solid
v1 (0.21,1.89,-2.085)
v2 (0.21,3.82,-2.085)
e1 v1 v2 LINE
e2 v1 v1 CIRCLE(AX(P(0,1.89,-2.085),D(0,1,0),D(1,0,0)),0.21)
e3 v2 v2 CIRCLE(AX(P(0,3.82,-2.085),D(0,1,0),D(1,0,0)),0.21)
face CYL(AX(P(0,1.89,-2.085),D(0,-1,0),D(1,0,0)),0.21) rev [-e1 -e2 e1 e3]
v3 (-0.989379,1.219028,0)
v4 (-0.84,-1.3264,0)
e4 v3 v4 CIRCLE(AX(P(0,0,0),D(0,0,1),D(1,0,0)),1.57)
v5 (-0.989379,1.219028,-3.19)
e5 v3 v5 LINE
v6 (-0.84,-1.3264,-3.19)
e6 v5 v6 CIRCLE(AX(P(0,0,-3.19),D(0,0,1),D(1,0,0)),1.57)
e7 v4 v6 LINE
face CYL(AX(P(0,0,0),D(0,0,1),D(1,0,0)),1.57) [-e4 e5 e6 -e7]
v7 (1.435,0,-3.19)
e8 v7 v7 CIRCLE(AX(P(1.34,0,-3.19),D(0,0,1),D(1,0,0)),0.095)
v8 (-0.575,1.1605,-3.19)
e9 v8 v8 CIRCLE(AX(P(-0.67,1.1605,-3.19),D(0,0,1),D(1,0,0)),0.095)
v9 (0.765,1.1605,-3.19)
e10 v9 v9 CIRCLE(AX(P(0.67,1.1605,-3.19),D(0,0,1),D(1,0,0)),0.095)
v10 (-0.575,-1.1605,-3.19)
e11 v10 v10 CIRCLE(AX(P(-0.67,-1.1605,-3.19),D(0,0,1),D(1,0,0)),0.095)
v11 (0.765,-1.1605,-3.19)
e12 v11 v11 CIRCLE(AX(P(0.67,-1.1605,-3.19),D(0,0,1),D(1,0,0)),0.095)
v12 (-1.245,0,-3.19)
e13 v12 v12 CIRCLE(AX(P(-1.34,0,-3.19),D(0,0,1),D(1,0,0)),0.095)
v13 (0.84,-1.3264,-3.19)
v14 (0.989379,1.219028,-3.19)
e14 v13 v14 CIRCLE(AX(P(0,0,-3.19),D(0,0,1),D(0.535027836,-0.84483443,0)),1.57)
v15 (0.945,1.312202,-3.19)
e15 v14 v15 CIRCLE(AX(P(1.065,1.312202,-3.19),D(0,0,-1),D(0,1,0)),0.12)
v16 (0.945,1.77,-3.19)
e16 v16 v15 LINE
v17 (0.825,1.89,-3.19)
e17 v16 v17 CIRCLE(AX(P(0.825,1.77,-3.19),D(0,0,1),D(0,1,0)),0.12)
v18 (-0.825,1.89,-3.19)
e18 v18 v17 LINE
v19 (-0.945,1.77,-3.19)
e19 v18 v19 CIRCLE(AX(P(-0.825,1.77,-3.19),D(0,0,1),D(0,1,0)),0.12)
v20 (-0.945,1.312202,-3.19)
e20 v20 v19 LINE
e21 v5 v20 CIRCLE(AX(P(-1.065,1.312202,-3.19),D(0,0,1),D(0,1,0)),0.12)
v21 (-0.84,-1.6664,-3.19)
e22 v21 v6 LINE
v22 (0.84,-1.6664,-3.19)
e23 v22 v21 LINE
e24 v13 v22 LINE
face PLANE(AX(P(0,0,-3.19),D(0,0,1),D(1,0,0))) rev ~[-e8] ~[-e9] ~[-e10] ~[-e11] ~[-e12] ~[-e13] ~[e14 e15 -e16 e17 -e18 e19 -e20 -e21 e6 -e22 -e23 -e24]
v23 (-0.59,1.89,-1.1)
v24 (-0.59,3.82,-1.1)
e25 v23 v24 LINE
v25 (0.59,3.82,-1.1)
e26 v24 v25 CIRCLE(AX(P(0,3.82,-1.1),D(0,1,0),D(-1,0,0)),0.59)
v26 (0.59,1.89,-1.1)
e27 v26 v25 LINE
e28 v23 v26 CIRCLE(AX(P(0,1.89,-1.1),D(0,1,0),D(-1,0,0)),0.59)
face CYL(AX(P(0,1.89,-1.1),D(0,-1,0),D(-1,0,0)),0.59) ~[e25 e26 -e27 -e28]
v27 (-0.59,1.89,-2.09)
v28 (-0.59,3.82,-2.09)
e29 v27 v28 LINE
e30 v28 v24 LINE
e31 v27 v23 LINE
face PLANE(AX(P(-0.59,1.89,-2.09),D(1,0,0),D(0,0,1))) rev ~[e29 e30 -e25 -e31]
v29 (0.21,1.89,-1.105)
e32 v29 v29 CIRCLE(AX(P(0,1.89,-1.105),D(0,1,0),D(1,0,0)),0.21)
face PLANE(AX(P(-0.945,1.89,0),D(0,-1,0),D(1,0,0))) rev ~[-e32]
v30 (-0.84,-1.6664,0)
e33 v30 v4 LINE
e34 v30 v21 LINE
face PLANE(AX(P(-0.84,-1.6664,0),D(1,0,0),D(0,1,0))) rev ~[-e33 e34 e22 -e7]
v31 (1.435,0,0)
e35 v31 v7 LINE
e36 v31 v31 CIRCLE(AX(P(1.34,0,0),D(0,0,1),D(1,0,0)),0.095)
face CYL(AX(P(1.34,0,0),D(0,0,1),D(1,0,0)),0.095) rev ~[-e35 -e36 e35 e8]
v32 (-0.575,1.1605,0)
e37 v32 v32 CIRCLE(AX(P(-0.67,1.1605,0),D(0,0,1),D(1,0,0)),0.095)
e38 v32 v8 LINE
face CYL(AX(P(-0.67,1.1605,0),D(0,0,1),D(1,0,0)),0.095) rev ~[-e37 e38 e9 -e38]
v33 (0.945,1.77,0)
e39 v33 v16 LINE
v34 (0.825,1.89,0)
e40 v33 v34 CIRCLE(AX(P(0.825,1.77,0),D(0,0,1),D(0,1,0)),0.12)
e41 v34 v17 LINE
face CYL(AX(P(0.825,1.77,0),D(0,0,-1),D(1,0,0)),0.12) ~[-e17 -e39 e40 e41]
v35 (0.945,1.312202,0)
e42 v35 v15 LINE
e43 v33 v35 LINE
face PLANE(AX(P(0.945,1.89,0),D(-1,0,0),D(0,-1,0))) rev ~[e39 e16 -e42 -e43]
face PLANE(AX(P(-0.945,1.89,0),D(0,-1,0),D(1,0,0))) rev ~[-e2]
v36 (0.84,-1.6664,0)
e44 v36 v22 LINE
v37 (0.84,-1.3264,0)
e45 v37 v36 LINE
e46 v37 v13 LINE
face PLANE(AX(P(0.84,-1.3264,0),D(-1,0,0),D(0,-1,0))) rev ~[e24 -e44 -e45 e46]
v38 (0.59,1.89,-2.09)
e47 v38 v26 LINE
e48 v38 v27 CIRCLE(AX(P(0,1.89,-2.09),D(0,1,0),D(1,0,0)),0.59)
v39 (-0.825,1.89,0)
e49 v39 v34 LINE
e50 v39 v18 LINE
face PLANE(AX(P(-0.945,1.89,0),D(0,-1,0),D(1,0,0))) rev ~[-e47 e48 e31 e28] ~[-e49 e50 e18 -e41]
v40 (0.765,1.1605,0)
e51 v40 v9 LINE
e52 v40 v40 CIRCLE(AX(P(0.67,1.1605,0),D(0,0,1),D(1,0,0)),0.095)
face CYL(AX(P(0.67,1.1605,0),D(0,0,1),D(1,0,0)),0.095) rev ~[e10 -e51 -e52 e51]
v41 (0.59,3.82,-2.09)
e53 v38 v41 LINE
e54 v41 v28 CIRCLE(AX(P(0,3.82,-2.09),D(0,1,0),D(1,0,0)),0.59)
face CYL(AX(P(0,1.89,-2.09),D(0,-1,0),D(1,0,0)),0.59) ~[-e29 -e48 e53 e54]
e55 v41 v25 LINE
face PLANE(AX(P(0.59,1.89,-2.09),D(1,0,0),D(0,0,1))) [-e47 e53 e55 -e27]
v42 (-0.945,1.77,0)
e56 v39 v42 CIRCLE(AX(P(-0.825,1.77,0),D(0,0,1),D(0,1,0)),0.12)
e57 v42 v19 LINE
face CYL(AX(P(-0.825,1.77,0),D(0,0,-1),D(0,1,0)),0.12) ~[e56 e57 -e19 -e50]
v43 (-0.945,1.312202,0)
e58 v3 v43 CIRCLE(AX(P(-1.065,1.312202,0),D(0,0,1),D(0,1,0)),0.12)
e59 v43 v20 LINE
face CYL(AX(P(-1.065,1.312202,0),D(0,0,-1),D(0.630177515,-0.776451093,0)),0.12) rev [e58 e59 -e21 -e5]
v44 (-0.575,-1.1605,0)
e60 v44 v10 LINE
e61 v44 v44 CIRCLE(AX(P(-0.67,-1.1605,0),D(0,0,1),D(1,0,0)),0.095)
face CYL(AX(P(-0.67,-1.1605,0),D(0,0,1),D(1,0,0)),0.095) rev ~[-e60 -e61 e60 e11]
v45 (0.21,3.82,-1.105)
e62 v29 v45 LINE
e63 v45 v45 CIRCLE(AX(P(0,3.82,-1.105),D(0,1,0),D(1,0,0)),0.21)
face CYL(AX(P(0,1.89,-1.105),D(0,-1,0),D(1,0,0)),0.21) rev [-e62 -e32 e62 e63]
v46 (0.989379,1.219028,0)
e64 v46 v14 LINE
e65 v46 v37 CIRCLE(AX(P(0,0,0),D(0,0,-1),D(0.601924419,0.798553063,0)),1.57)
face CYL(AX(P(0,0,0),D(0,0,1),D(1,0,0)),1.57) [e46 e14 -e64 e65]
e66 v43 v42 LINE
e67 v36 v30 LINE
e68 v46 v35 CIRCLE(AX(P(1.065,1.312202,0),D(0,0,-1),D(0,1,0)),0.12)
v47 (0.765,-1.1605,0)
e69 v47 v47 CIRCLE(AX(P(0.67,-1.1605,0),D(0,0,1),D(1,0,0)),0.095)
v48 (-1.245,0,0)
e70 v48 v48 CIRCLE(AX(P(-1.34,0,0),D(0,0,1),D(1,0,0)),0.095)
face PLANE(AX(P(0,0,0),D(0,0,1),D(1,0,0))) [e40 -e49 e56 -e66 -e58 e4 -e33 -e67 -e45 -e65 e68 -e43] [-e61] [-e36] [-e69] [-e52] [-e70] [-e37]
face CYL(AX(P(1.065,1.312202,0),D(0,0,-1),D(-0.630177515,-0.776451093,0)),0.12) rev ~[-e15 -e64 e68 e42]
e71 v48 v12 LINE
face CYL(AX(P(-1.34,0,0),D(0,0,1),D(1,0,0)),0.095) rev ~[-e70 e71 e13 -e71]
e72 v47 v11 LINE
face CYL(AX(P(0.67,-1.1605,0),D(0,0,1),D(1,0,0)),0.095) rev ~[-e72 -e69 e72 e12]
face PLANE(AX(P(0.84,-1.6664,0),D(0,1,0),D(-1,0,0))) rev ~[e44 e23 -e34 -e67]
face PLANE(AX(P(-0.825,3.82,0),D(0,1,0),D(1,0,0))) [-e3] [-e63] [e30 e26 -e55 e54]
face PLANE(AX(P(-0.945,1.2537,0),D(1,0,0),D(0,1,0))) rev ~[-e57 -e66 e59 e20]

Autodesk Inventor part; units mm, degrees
ref_plane "YZ Plane" through (0, 0, 0) normal (1, 0, 0) x (0, 1, 0)
ref_plane "XZ Plane" through (0, 0, 0) normal (0, 1, 0) x (-1, 0, 0)
ref_plane "XY Plane" through (0, 0, 0) normal (0, 0, 1) x (1, 0, 0)
sketch "Boceto1" plane through (0, 0, 0) normal (0, 0, 1) x (1, 0, 0)
  circle A0 centre (0, 0) radius 1.57
  line L0 (0, 0) -> (1.34, 0) construction
  line L1 (0, 0) -> (-1.34, 0) construction
  circle A1 centre (-1.34, 0) radius 0.095
  circle A2 centre (-0.67, 1.1605) radius 0.095
  circle A3 centre (0, 0) radius 1.57
  circle A4 centre (0.67, 1.1605) radius 0.095
  circle A5 centre (0, 0) radius 1.57
  circle A6 centre (1.34, 0) radius 0.095
  circle A7 centre (0, 0) radius 1.57
  circle A8 centre (0.67, -1.1605) radius 0.095
  circle A9 centre (0, 0) radius 1.57
  circle A10 centre (-0.67, -1.1605) radius 0.095
  circle A11 centre (0, 0) radius 1.57
  line L2 (-0.67, 1.1605) -> (0.67, 1.1605) construction
  line L3 (0, 0) -> (-0.67, 1.1605) construction
  circle A12 centre (0, 0) radius 1.17
  line L4 (-0.945, 1.2537) -> (-0.945, 1.89)
  line L5 (-0.945, 1.89) -> (0.945, 1.89)
  line L6 (0.945, 1.89) -> (0.945, 1.2537)
  line L7 (0, 2.3163) -> (0, 0) construction
  line L8 (0.84, -1.3264) -> (0.84, -1.6664)
  line L9 (0.84, -1.6664) -> (-0.84, -1.6664)
  line L10 (-0.84, -1.6664) -> (-0.84, -1.3264)
  point P0 (0, 1.89)
  dimension "d0" = 3.14
  dimension "d4" = 0.19
  dimension "d7" = 360
  dimension "d9" = 1.34
  dimension "d10" = 1.34
  dimension "d11" = 2.34
  dimension "d12" = 1.89
  dimension "d13" = 1.89
  dimension "d34" = 0.34
  dimension "d35" = 0.34
  dimension "d36" = 0.84
extrude "Extrusión1" add sketch "Boceto1" against normal blind 3.19 contours A0 | A0 L4 L5 L6 | L8 L9 L10 A0 | A12
fillet "Empalme1" radius 0.12 4 edges at (0.945, 1.2537, -1.595) (0.945, 1.89, -1.595) (-0.945, 1.2537, -1.595) (-0.945, 1.89, -1.595)
sketch "Boceto2" plane through (-0.825, 1.89, 0) normal (0, 1, 0) x (1, 0, 0)
  line L0 (0, 0) -> (0, 3.19) construction
  line L1 (1.65, 0) -> (0, 0) construction
  line L2 (1.65, 3.19) -> (1.65, 0) construction
  line L3 (0, 3.19) -> (1.65, 3.19) construction
  line L4 (0.06, 3.19) -> (0.06, 0) construction
  line L5 (0.06, 1.595) -> (1.65, 1.595) construction
  line L6 (1.65, 3.19) -> (1.65, 0) construction
  line L7 (0.825, 2.68) -> (0.825, 0.51) construction
  line L8 (0.825, 0) -> (0.825, 3.1487) construction
  line L9 (-0.015, 3.19) -> (-0.745, 3.19) construction
  line L10 (0.235, 2.09) -> (0.235, 1.1)
  line L11 (1.415, 2.09) -> (1.415, 1.1)
  circle A0 centre (0.825, 2.085) radius 0.21
  circle A1 centre (0.825, 1.105) radius 0.21
  arc A2 (1.415, 2.09) -> (0.235, 2.09) centre (0.825, 2.09) ccw
  arc A3 (0.235, 1.1) -> (1.415, 1.1) centre (0.825, 1.1) ccw
  point P0 (1.8144, 3.19)
  point P1 (-0.1644, 3.19)
  point P2 (0.825, 1.595)
  point P3 (0.825, 1.5744)
  point P4 (0.5472, 0.7661)
  dimension "d17" = 2.17
  dimension "d18" = 1.085
  dimension "d22" = 0.42
  dimension "d23" = 0.42
  dimension "d24" = 0.98
  dimension "d25" = 0.49
  dimension "d26" = 0.59
  dimension "d27" = 0.59
  dimension "d38" = 180
extrude "Extrusión2" add sketch "Boceto2" along normal blind 1.93
sketch "Boceto3" plane through (0, 0, 0) normal (0, 0, 1) x (1, 0, 0)
  circle A0 centre (0, 0) radius 1.025
  dimension "d31" = 2.05
sketch "Boceto7" plane through (-0.84, -1.6664, 0) normal (0, -1, 0) x (1, 0, 0)
  point P0 (0.84, 0)
properties part number "examen"
